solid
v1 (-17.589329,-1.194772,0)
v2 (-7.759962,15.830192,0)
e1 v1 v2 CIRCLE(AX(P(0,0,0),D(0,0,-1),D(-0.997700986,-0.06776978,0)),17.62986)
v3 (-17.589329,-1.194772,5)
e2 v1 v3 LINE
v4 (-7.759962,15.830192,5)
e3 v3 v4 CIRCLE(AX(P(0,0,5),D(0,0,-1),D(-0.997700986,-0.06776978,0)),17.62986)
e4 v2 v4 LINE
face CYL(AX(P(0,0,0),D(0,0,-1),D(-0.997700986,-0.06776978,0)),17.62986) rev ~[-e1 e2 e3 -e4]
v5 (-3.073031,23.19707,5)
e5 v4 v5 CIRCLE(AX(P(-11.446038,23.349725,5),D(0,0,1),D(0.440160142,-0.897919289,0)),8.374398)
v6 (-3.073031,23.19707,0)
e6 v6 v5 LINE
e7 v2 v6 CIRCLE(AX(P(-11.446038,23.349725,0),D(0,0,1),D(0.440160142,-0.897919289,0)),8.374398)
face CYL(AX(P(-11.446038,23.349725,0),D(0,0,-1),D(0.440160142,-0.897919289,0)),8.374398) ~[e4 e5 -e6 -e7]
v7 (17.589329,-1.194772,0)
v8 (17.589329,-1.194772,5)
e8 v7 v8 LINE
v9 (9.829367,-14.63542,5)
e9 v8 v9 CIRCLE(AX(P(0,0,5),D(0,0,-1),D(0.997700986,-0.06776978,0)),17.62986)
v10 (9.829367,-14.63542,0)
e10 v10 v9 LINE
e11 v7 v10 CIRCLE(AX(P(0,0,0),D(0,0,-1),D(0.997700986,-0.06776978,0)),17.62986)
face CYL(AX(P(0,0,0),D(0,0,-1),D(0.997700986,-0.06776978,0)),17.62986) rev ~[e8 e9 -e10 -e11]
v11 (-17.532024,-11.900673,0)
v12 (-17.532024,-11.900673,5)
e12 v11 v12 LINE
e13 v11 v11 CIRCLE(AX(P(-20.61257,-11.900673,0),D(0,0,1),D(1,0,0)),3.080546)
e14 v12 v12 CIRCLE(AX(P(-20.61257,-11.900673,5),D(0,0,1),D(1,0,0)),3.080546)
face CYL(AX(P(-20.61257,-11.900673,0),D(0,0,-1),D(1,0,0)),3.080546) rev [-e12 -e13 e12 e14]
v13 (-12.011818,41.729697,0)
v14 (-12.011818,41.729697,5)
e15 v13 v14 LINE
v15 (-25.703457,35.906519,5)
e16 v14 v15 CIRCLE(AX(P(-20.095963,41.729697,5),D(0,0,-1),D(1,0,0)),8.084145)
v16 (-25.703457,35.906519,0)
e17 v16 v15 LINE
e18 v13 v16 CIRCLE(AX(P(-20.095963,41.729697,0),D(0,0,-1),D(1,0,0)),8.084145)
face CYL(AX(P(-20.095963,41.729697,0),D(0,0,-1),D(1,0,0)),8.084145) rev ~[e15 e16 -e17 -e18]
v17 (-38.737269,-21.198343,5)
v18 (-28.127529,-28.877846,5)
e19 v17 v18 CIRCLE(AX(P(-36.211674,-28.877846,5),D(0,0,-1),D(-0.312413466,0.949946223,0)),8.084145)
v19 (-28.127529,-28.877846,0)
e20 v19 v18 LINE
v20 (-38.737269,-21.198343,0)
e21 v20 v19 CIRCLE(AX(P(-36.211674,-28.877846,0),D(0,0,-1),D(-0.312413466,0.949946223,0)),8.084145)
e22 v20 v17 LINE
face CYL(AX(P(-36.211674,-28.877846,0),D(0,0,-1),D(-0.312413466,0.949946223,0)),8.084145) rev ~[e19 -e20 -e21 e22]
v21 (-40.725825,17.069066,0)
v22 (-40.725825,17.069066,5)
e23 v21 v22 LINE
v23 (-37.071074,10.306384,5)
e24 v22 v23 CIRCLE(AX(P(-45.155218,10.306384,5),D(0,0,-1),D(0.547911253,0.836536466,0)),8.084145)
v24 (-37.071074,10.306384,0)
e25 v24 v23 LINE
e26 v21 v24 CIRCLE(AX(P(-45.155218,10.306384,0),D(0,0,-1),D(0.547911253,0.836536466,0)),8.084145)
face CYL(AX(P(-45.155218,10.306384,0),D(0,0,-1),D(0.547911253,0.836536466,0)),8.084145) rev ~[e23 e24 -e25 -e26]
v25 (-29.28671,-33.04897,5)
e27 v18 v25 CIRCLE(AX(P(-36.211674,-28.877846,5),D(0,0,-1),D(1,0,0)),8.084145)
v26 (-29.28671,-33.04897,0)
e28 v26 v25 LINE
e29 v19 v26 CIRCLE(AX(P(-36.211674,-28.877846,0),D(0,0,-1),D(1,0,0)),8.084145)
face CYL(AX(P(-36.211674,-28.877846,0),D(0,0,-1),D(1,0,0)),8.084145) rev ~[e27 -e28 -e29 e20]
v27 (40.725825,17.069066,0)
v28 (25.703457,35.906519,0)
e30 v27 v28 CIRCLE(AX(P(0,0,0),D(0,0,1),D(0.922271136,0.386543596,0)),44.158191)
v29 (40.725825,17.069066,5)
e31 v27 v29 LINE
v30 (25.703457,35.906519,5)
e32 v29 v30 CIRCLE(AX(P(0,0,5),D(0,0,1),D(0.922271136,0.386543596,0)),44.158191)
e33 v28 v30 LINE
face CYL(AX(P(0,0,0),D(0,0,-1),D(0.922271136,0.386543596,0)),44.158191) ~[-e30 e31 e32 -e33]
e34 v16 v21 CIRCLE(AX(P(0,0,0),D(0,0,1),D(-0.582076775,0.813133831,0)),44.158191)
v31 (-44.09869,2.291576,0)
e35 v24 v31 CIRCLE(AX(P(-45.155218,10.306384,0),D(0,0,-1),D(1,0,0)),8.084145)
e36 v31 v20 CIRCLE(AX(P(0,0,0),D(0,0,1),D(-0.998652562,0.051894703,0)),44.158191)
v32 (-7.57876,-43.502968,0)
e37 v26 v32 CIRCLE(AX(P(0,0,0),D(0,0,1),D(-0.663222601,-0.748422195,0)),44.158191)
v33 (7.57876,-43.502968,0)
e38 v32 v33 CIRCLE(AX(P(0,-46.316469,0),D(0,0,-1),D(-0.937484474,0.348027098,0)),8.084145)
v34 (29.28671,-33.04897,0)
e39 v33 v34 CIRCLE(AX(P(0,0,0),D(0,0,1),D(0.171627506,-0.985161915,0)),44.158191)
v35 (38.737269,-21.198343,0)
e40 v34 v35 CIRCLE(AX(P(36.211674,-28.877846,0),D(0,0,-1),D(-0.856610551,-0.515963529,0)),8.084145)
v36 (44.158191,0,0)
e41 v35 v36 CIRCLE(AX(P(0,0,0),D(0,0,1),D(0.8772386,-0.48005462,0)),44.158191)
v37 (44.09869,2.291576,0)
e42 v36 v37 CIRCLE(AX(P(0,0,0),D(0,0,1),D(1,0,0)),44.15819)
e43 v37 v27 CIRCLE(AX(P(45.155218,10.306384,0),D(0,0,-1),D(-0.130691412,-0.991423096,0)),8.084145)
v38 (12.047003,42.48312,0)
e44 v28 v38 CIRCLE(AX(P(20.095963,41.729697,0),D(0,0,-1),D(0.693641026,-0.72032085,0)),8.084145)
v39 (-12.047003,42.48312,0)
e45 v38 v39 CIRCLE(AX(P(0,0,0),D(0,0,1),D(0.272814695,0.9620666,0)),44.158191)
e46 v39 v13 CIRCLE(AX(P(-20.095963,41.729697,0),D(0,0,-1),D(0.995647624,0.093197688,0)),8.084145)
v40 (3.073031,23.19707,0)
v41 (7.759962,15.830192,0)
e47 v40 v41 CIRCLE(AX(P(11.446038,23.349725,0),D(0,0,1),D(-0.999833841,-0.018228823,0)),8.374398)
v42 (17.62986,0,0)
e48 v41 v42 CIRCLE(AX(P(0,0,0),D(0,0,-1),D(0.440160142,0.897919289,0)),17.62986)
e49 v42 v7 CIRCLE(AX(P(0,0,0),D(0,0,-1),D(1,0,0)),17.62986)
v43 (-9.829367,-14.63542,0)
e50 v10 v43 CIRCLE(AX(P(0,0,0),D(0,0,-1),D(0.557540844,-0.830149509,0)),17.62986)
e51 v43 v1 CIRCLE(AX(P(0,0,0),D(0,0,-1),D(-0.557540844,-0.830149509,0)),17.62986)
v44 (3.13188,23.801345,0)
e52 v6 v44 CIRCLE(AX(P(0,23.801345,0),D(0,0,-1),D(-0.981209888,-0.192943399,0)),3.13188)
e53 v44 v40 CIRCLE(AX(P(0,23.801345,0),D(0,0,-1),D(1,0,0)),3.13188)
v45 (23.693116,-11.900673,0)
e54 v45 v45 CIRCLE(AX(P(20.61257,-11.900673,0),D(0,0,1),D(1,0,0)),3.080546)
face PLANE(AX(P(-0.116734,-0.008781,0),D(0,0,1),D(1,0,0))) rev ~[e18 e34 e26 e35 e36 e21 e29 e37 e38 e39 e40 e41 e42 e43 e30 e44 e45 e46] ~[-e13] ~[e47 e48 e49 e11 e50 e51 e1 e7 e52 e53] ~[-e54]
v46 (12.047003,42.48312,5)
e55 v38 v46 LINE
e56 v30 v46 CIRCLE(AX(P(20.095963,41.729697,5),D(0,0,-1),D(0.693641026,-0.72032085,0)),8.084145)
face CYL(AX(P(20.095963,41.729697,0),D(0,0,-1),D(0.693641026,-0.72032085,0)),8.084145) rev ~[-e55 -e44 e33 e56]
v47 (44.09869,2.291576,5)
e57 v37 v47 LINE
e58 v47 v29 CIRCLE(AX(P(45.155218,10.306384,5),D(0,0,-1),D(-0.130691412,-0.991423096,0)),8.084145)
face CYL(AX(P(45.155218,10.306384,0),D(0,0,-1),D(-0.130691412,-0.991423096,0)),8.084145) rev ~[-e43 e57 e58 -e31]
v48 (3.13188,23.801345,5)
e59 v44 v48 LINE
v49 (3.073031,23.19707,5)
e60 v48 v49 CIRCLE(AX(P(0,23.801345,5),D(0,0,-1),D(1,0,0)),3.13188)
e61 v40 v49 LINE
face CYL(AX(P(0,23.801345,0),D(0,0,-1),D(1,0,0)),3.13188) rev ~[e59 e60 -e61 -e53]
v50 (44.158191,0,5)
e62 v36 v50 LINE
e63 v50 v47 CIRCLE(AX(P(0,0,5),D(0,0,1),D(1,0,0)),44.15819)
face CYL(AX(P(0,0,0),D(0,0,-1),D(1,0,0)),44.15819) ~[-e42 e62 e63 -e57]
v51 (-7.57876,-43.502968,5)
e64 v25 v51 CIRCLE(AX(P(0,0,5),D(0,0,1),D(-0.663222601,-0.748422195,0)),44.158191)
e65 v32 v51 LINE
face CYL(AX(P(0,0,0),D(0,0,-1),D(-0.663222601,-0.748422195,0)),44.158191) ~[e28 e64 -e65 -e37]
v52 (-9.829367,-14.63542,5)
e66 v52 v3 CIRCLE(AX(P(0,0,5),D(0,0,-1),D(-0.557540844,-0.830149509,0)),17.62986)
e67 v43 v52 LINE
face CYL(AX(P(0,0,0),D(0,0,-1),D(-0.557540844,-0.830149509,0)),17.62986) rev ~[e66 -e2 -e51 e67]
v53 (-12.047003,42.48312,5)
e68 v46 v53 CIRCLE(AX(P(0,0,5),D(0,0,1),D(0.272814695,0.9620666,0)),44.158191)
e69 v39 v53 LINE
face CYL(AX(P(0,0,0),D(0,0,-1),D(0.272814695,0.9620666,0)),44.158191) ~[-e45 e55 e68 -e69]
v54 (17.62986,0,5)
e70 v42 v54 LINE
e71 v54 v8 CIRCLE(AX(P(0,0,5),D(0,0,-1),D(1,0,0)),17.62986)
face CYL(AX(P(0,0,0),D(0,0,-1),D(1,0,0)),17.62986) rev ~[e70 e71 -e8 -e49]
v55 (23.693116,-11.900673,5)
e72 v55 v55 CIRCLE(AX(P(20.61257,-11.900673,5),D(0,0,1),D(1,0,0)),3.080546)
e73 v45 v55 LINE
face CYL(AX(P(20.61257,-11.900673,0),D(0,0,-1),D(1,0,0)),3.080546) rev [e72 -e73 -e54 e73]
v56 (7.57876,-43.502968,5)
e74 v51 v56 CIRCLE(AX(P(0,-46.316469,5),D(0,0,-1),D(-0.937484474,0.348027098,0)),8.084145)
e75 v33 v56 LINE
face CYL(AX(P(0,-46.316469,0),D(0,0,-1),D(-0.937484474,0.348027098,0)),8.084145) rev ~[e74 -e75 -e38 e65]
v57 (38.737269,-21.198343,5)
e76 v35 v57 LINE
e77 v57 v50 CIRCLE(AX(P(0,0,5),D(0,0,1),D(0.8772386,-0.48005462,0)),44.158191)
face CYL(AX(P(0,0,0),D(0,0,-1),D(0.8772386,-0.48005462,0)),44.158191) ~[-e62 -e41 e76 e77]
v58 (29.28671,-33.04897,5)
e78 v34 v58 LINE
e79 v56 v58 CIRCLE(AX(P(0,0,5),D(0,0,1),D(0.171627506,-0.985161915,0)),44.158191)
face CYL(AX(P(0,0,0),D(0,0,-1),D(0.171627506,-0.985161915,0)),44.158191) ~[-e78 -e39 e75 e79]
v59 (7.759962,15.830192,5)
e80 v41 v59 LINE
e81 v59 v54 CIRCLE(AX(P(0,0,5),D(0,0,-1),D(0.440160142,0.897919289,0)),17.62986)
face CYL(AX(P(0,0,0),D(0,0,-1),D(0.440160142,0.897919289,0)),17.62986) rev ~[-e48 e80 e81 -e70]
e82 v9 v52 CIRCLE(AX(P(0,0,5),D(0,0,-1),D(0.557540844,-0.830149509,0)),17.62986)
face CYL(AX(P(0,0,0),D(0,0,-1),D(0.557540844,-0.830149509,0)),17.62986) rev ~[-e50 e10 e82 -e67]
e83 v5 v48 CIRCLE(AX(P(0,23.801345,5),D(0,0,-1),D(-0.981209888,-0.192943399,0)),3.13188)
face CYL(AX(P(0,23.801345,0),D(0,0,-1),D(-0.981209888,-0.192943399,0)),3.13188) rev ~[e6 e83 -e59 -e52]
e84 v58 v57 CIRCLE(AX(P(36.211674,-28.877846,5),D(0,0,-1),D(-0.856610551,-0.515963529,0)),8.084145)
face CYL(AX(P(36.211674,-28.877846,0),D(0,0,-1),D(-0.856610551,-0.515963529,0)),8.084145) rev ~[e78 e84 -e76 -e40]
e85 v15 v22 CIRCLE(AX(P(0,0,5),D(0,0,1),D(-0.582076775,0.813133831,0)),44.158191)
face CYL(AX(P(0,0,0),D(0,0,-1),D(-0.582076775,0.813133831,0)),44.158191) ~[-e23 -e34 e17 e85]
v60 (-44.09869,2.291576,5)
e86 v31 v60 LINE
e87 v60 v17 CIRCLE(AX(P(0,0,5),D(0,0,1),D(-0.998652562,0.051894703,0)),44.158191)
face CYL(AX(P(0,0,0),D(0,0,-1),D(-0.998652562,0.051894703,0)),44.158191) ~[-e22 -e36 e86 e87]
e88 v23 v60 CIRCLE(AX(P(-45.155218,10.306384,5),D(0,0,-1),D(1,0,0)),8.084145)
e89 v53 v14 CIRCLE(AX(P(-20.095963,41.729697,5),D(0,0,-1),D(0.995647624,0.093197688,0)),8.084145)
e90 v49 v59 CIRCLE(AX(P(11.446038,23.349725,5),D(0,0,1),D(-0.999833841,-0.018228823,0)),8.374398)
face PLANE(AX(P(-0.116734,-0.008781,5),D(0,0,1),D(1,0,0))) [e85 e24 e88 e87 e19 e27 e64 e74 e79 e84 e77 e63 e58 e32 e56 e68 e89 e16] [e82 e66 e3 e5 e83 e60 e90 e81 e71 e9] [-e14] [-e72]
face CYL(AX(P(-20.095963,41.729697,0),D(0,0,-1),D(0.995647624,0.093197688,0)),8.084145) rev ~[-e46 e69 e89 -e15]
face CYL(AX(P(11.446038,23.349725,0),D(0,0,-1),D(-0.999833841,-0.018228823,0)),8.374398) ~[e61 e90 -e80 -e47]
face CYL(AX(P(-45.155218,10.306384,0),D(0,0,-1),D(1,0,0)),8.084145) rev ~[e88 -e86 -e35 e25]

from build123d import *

# Parameters (mm, degrees)
F0_R     = 3.0805460827
F1_DEPTH = 5


with BuildPart() as f1:
    # F0 (on Top) → F1 (new body)
    with BuildSketch(Plane.XY):
        with BuildLine():
            ThreePointArc((38.7372693115, -21.1983433866), (31.1931013311, -7.1196218248), (44.0986901689, 2.2915761904))
            ThreePointArc((44.0986901689, 2.2915761904), (37.273760147, 8.5074925195), (40.7258246034, 17.0690657747))
            ThreePointArc((40.7258246034, 17.0690657747), (25.0149250542, 19.9487370556), (25.7034571856, 35.9065186946))
            ThreePointArc((25.7034571856, 35.9065186946), (16.5883838399, 34.4461339782), (12.0470033135, 42.4831202622))
            ThreePointArc((12.0470033135, 42.4831202622), (0, 31.9952900531), (-12.0470033135, 42.4831202622))
            ThreePointArc((-12.0470033135, 42.4831202622), (-12.0206191757, 42.1068190332), (-12.0118180753, 41.729696668))
            ThreePointArc((-12.0118180753, 41.729696668), (-16.9319780047, 34.2904362337), (-25.7034571856, 35.9065186946))
            ThreePointArc((-25.7034571856, 35.9065186946), (-23.2277433364, 32.0404826351), (-22.3613630755, 27.5321815005))
            ThreePointArc((-22.3613630755, 27.5321815005), (-28.503168199, 16.9641845533), (-40.7258246034, 17.0690657747))
            ThreePointArc((-40.7258246034, 17.0690657747), (-38.0432125415, 14.1499197283), (-37.0710737614, 10.3063839463))
            ThreePointArc((-37.0710737614, 10.3063839463), (-39.0767925501, 4.9766434335), (-44.0986901689, 2.2915761904))
            ThreePointArc((-44.0986901689, 2.2915761904), (-34.8293180265, -0.8629063864), (-30.8881520208, -9.8261218116))
            ThreePointArc((-30.8881520208, -9.8261218116), (-33.040951009, -16.7351026662), (-38.7372693115, -21.1983433866))
            ThreePointArc((-38.7372693115, -21.1983433866), (-31.471625408, -22.3291562996), (-28.1275289546, -28.8778460989))
            ThreePointArc((-28.1275289546, -28.8778460989), (-28.4227133995, -31.0424462167), (-29.2867100058, -33.0489699248))
            ThreePointArc((-29.2867100058, -33.0489699248), (-15.640987417, -28.142300009), (-6.9966203098, -39.7851549832))
            ThreePointArc((-6.9966203098, -39.7851549832), (-7.14303654, -41.6667113538), (-7.5787601318, -43.5029676105))
            ThreePointArc((-7.5787601318, -43.5029676105), (0, -38.2323243404), (7.5787601318, -43.5029676105))
            ThreePointArc((7.5787601318, -43.5029676105), (13.8822360824, -28.8267602574), (29.2867100058, -33.0489699248))
            ThreePointArc((29.2867100058, -33.0489699248), (29.8912348172, -23.8374643276), (38.7372693115, -21.1983433866))
        make_face()
        with Locations((-20.6125697417, -11.9006726891)):
            Circle(F0_R, mode=Mode.SUBTRACT)
        with Locations((20.6125697417, -11.9006726891)):
            Circle(F0_R, mode=Mode.SUBTRACT)
        with BuildLine():
            ThreePointArc((7.7599617955, 15.8301915799), (14.9602642781, 9.3275112035), (17.6298602525, 0))
            ThreePointArc((17.6298602525, 0), (17.619724514, -0.5977295172), (17.5893289527, -1.1947717426))
            ThreePointArc((17.5893289527, -1.1947717426), (15.2679068439, -8.8149301263), (9.8293671572, -14.6354198373))
            ThreePointArc((9.8293671572, -14.6354198373), (0, -17.6298602525), (-9.8293671572, -14.6354198373))
            ThreePointArc((-9.8293671572, -14.6354198373), (-15.2679068439, -8.8149301263), (-17.5893289527, -1.1947717426))
            ThreePointArc((-17.5893289527, -1.1947717426), (-15.2679068439, 8.8149301263), (-7.7599617955, 15.8301915799))
            ThreePointArc((-7.7599617955, 15.8301915799), (-4.3804103986, 18.8544554654), (-3.0730313634, 23.1970698569))
            ThreePointArc((-3.0730313634, 23.1970698569), (-0.303567141, 26.9184783007), (3.1318797336, 23.8013453782))
            ThreePointArc((3.1318797336, 23.8013453782), (3.1171329225, 23.4977782372), (3.0730313634, 23.1970698569))
            ThreePointArc((3.0730313634, 23.1970698569), (4.3804103986, 18.8544554654), (7.7599617955, 15.8301915799))
        make_face(mode=Mode.SUBTRACT)
        with BuildLine():
            ThreePointArc((-22.3613630755, 27.5321815005), (-23.2277433364, 32.0404826351), (-25.7034571856, 35.9065186946))
            ThreePointArc((-25.7034571856, 35.9065186946), (-34.5242636109, 27.5321815005), (-40.7258246034, 17.0690657747))
            ThreePointArc((-40.7258246034, 17.0690657747), (-28.503168199, 16.9641845533), (-22.3613630755, 27.5321815005))
        make_face()
        with BuildLine():
            ThreePointArc((-44.0986901689, 2.2915761904), (-43.0510525562, -9.8261218116), (-38.7372693115, -21.1983433866))
            ThreePointArc((-38.7372693115, -21.1983433866), (-33.040951009, -16.7351026662), (-30.8881520208, -9.8261218116))
            ThreePointArc((-30.8881520208, -9.8261218116), (-34.8293180265, -0.8629063864), (-44.0986901689, 2.2915761904))
        make_face()
        with BuildLine():
            ThreePointArc((-29.2867100058, -33.0489699248), (-19.1595208452, -39.7851549832), (-7.5787601318, -43.5029676105))
            ThreePointArc((-7.5787601318, -43.5029676105), (-7.14303654, -41.6667113538), (-6.9966203098, -39.7851549832))
            ThreePointArc((-6.9966203098, -39.7851549832), (-15.640987417, -28.142300009), (-29.2867100058, -33.0489699248))
        make_face()
        with BuildLine():
            ThreePointArc((7.5787601318, -43.5029676105), (19.1595208452, -39.7851549832), (29.2867100058, -33.0489699248))
            ThreePointArc((29.2867100058, -33.0489699248), (13.8822360824, -28.8267602574), (7.5787601318, -43.5029676105))
        make_face()
        with BuildLine():
            ThreePointArc((38.7372693115, -21.1983433866), (42.781500191, -10.9402485099), (44.1581905885, 0))
            ThreePointArc((44.1581905885, 0), (44.1433129774, 1.1461742599), (44.0986901689, 2.2915761904))
            ThreePointArc((44.0986901689, 2.2915761904), (31.1931013311, -7.1196218248), (38.7372693115, -21.1983433866))
        make_face()
        with BuildLine():
            ThreePointArc((25.7034571856, 35.9065186946), (25.0149250542, 19.9487370556), (40.7258246034, 17.0690657747))
            ThreePointArc((40.7258246034, 17.0690657747), (34.5242636109, 27.5321815005), (25.7034571856, 35.9065186946))
        make_face()
        with BuildLine():
            ThreePointArc((-12.0470033135, 42.4831202622), (0, 31.9952900531), (12.0470033135, 42.4831202622))
            ThreePointArc((12.0470033135, 42.4831202622), (0, 44.1581905885), (-12.0470033135, 42.4831202622))
        make_face()
    extrude(amount=F1_DEPTH)


solid = f1.part
